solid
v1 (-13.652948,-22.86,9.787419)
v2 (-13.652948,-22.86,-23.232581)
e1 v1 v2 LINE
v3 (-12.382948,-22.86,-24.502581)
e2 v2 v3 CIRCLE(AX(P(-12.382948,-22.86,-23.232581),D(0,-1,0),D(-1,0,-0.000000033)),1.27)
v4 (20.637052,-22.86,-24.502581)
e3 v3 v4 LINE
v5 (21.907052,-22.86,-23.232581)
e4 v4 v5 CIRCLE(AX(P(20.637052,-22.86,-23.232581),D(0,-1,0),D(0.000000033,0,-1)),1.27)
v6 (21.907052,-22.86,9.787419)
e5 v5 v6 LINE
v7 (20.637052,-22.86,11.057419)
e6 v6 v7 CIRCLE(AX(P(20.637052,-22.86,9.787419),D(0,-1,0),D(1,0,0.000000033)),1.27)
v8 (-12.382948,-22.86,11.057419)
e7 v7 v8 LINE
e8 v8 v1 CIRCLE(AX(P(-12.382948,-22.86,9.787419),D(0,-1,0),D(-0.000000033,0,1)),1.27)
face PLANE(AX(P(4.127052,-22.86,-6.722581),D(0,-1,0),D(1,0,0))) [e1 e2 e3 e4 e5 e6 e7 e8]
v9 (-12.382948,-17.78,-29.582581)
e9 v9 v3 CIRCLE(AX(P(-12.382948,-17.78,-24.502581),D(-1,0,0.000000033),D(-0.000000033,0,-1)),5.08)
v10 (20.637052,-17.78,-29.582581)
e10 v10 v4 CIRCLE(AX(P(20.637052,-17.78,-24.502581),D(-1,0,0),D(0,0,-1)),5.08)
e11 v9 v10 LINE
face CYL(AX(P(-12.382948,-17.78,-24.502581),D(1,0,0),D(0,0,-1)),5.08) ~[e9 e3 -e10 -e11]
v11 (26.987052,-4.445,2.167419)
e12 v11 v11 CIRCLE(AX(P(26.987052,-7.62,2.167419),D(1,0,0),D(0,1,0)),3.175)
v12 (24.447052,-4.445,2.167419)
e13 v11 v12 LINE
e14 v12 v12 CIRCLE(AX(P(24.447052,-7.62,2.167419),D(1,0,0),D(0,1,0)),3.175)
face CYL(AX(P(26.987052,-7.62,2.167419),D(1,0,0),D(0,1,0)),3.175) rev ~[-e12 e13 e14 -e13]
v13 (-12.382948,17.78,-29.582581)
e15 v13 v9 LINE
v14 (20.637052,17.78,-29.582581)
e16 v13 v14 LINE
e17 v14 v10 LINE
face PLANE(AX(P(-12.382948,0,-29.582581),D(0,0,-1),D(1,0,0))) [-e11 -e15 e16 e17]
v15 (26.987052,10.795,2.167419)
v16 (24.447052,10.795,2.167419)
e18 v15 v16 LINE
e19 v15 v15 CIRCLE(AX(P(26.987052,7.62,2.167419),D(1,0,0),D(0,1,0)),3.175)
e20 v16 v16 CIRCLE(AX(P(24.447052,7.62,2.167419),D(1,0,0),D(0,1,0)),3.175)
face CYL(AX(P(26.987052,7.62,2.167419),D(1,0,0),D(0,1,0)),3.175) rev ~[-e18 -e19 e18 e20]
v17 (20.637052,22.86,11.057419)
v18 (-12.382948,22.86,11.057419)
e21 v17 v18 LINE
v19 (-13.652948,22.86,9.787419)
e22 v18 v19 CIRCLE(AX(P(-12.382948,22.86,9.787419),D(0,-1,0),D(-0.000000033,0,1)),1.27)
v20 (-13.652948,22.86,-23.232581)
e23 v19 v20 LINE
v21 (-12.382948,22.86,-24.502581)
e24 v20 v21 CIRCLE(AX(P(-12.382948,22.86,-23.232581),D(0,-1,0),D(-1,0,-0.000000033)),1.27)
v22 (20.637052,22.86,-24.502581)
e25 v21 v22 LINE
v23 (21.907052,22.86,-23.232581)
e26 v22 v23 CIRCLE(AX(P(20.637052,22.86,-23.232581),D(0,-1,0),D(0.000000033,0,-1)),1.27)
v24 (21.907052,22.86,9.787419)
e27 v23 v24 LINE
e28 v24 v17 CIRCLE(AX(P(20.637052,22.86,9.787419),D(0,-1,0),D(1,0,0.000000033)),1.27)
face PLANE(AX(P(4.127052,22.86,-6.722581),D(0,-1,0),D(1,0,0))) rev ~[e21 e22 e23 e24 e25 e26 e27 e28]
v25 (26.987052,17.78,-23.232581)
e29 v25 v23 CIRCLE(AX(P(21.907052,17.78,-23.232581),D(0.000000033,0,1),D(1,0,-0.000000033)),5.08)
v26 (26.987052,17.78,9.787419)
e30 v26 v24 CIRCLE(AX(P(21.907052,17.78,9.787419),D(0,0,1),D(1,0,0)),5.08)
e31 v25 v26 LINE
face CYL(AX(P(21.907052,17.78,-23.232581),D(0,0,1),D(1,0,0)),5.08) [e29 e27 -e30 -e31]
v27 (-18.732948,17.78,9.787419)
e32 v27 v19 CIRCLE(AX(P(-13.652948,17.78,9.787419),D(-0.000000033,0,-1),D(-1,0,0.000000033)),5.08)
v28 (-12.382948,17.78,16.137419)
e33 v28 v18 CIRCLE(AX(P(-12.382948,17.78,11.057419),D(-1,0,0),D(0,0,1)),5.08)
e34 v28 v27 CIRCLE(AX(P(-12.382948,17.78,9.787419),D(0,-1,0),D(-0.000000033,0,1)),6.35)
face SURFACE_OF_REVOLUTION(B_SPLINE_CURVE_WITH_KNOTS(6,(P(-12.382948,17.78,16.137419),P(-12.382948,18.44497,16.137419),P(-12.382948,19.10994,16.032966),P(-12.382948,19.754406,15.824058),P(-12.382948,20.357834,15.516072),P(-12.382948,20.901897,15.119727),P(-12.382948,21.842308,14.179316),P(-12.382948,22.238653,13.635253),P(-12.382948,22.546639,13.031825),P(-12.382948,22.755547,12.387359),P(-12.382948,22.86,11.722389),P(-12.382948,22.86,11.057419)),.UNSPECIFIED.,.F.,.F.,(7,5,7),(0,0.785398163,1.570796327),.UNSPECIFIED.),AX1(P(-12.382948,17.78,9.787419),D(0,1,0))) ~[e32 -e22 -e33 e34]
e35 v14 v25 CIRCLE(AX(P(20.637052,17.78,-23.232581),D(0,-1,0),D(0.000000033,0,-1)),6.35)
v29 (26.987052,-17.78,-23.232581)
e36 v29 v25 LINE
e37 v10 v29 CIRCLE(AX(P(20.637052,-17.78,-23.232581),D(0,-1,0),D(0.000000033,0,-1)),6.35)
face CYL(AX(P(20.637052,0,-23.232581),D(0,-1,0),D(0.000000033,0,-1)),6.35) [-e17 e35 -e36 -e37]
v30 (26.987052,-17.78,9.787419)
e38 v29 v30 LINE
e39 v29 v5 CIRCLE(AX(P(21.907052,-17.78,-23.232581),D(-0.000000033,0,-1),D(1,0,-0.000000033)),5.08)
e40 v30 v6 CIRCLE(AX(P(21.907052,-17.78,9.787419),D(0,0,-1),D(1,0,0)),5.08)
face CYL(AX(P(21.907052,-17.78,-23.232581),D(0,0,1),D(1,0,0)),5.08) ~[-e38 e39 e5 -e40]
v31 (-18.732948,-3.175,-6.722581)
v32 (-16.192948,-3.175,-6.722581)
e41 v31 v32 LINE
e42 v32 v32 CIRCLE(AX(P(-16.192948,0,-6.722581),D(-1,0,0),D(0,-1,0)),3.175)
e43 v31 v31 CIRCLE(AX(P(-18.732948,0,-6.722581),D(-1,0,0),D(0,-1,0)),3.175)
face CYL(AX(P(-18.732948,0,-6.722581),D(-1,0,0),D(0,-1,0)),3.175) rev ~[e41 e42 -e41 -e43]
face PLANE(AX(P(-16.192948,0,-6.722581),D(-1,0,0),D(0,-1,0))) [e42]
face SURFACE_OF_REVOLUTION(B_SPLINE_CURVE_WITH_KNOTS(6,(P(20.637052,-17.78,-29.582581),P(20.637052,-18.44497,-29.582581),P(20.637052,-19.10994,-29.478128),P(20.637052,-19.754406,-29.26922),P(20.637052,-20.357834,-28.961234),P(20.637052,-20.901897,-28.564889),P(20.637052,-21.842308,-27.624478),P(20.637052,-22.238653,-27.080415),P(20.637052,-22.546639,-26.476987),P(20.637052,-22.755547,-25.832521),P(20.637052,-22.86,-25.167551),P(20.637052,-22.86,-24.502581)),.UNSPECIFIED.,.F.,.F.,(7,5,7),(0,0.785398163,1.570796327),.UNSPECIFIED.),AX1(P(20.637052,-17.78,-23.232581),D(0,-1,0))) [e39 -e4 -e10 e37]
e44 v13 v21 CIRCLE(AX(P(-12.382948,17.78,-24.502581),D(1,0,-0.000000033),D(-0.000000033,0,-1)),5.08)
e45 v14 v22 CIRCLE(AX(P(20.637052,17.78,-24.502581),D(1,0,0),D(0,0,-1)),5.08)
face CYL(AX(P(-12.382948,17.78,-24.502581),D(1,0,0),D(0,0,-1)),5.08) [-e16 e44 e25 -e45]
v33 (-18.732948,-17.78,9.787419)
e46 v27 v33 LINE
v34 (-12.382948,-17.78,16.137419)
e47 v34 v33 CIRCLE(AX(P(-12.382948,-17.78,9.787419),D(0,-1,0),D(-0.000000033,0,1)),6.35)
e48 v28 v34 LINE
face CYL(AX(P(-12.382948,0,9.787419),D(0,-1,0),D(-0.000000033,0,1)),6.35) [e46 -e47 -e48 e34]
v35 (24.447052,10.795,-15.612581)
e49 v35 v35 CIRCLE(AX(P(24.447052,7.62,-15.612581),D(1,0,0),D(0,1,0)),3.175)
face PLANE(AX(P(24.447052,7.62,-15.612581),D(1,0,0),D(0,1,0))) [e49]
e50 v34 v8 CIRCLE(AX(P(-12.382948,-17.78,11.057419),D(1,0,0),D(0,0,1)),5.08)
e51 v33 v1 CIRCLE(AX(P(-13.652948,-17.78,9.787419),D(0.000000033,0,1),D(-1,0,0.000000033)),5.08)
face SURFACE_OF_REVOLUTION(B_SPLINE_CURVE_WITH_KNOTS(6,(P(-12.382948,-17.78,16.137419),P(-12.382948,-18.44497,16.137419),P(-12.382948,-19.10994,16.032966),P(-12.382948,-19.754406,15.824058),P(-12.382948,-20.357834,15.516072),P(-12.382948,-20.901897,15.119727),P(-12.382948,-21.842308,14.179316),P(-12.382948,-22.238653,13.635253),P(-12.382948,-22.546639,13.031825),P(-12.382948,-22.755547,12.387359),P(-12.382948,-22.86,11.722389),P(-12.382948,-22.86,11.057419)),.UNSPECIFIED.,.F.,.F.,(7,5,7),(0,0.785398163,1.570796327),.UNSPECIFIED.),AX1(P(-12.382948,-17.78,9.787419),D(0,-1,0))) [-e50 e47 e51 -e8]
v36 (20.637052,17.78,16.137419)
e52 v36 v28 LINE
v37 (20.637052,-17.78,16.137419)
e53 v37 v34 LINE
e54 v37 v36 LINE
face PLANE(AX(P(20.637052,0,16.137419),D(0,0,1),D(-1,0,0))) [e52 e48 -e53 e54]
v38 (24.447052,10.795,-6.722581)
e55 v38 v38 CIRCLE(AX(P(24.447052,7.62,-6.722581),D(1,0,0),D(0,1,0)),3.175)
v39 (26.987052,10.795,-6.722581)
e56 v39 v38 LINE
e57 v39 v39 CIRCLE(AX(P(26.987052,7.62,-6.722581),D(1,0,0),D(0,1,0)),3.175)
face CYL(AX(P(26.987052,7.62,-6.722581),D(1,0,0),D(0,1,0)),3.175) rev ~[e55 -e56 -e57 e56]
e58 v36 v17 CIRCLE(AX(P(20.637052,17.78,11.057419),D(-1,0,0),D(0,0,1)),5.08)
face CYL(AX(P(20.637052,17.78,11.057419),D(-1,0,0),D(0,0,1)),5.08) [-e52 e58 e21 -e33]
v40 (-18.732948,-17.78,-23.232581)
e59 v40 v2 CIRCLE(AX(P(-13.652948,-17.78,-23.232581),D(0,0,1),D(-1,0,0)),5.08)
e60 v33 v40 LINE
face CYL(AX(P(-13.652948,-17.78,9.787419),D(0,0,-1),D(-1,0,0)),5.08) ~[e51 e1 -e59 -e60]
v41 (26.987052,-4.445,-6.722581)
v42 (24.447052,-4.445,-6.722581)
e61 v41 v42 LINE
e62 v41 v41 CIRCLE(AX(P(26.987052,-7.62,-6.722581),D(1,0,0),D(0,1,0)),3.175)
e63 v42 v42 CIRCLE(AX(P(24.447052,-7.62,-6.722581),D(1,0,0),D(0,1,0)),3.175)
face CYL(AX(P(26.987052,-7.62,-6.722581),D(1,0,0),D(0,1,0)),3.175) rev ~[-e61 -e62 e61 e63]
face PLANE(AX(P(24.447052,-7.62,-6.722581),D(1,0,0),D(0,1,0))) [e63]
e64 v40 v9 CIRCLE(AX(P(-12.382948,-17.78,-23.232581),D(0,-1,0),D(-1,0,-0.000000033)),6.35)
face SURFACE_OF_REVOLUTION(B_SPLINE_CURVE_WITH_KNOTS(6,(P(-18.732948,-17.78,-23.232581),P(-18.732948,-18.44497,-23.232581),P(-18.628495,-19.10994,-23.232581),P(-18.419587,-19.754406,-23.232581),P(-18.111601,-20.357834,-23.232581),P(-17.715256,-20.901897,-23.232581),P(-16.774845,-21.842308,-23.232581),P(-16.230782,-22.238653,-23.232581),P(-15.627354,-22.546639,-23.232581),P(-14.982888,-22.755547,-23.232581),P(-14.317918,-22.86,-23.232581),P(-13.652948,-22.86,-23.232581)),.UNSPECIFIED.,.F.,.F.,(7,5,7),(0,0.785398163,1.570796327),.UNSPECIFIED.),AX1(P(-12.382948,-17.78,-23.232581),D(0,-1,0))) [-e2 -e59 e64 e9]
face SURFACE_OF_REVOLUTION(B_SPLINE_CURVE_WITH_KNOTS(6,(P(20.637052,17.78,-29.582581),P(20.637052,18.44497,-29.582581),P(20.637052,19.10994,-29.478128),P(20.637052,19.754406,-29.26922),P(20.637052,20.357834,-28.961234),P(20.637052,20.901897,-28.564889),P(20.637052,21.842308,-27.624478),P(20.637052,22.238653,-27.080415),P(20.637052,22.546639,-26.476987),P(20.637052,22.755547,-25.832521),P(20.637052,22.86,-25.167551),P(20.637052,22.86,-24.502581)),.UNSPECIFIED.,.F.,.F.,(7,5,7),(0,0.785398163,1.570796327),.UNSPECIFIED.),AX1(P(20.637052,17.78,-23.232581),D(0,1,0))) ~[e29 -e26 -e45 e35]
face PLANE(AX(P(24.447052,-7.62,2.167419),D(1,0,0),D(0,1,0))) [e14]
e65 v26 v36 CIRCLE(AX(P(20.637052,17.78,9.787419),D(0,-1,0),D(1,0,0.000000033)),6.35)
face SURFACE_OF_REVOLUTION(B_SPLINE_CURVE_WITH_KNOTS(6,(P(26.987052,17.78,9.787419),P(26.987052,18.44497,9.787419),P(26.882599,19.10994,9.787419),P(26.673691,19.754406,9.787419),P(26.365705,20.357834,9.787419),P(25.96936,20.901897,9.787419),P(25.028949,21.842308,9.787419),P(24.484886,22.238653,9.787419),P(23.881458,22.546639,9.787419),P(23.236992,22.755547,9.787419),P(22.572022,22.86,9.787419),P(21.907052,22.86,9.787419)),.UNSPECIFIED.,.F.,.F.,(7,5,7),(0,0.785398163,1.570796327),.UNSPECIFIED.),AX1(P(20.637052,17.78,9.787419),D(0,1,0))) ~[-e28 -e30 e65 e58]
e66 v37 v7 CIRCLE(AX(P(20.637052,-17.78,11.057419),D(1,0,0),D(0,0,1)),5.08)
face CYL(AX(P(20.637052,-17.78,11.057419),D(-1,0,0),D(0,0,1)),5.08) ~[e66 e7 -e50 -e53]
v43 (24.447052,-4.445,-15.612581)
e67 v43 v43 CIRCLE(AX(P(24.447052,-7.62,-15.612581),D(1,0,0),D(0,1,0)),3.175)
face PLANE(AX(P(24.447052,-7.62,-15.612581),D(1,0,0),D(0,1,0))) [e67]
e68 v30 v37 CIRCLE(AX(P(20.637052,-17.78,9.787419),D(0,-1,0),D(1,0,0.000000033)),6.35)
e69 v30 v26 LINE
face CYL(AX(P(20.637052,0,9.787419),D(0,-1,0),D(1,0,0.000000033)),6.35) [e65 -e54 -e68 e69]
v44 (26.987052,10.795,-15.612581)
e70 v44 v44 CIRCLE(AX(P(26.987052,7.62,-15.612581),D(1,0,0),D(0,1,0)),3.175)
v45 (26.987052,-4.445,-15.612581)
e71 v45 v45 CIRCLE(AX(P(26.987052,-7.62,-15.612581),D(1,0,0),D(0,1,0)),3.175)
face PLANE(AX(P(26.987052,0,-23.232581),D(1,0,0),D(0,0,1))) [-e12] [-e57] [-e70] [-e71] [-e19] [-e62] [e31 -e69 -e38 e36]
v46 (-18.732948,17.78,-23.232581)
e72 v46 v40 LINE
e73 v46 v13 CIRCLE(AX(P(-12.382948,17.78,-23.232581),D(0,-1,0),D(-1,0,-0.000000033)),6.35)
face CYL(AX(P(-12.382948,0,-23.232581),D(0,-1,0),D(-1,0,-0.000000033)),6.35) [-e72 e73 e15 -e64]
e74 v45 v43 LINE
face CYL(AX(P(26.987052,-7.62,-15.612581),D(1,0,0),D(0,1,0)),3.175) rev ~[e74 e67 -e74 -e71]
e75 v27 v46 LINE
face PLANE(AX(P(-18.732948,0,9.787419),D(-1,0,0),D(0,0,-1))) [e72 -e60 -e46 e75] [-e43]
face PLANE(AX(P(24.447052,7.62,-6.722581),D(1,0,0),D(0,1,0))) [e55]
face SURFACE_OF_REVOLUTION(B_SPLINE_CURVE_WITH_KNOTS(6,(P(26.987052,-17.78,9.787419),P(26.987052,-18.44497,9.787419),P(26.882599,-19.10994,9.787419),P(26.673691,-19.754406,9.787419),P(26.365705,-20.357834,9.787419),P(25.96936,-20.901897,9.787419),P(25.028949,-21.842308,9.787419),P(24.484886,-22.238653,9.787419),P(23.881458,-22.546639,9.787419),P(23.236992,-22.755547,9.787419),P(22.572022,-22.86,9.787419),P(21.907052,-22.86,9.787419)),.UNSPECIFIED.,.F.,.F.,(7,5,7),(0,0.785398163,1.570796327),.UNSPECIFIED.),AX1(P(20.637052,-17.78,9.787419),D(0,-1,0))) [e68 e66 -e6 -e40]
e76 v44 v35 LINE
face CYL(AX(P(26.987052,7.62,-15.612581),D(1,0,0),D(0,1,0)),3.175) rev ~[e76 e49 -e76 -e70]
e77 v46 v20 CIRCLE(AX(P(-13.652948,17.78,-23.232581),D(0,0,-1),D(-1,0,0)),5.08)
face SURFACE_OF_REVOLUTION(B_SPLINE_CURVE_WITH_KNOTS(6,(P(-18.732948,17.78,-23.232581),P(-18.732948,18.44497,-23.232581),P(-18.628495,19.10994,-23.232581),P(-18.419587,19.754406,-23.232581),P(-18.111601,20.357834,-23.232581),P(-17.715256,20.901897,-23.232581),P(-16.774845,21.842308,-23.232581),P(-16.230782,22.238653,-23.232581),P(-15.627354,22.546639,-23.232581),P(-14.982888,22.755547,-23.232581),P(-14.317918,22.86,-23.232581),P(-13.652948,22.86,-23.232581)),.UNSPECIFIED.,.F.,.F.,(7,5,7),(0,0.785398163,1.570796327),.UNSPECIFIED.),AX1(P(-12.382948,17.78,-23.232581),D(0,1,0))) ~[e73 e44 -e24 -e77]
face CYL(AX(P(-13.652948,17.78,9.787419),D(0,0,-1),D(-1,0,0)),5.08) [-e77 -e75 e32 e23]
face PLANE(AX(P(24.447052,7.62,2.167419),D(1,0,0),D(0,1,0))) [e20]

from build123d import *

# Parameters (mm, degrees)
F1_DEPTH = 22.86
F2_R     = 5.08
F3_R     = 3.175
F4_DEPTH = 2.54
F5_R     = 3.175
F6_DEPTH = 2.54


with BuildPart() as f1:
    # F0 (on Front) → F1 (new body, symmetric)
    with BuildSketch(Plane.XZ):
        with BuildLine():
            Line((20.637052, 16.137419), (-12.382948, 16.137419))
            ThreePointArc((-12.382948, 16.137419), (-16.873076, 14.277547), (-18.732948, 9.787419))
            Line((-18.732948, 9.787419), (-18.732948, -23.232581))
            ThreePointArc((-18.732948, -23.232581), (-16.873076, -27.722709), (-12.382948, -29.582581))
            Line((-12.382948, -29.582581), (20.637052, -29.582581))
            ThreePointArc((20.637052, -29.582581), (25.12718, -27.722709), (26.987052, -23.232581))
            Line((26.987052, -23.232581), (26.987052, 9.787419))
            ThreePointArc((26.987052, 9.787419), (25.12718, 14.277547), (20.637052, 16.137419))
        make_face()
    extrude(amount=F1_DEPTH, both=True)

    # F2
    f2_edges = [f1.edges().sort_by_distance(p)[0] for p in [
        (4.127052, -22.86, 16.137419),
        (4.127052, 22.86, 16.137419),
    ]]
    fillet(f2_edges, radius=F2_R)

    # F3 (on face) → F4 (cut)
    with BuildSketch(Plane(origin=(-18.732948, 0, 0), x_dir=(0, -1, 0), z_dir=(-1, 0, 0))):
        with Locations((0, -6.722581)):
            Circle(F3_R)
    extrude(amount=-F4_DEPTH, mode=Mode.SUBTRACT)

    # F5 (on face) → F6 (cut)
    with BuildSketch(Plane.YZ.offset(26.987052)):
        with Locations((-7.62, 2.167419)):
            Circle(F5_R)
        with Locations((7.62, 2.167419)):
            Circle(F5_R)
        with Locations((7.62, -6.722581)):
            Circle(F5_R)
        with Locations((-7.62, -6.722581)):
            Circle(F5_R)
        with Locations((-7.62, -15.612581)):
            Circle(F5_R)
        with Locations((7.62, -15.612581)):
            Circle(F5_R)
    extrude(amount=-F6_DEPTH, mode=Mode.SUBTRACT)


solid = f1.part
